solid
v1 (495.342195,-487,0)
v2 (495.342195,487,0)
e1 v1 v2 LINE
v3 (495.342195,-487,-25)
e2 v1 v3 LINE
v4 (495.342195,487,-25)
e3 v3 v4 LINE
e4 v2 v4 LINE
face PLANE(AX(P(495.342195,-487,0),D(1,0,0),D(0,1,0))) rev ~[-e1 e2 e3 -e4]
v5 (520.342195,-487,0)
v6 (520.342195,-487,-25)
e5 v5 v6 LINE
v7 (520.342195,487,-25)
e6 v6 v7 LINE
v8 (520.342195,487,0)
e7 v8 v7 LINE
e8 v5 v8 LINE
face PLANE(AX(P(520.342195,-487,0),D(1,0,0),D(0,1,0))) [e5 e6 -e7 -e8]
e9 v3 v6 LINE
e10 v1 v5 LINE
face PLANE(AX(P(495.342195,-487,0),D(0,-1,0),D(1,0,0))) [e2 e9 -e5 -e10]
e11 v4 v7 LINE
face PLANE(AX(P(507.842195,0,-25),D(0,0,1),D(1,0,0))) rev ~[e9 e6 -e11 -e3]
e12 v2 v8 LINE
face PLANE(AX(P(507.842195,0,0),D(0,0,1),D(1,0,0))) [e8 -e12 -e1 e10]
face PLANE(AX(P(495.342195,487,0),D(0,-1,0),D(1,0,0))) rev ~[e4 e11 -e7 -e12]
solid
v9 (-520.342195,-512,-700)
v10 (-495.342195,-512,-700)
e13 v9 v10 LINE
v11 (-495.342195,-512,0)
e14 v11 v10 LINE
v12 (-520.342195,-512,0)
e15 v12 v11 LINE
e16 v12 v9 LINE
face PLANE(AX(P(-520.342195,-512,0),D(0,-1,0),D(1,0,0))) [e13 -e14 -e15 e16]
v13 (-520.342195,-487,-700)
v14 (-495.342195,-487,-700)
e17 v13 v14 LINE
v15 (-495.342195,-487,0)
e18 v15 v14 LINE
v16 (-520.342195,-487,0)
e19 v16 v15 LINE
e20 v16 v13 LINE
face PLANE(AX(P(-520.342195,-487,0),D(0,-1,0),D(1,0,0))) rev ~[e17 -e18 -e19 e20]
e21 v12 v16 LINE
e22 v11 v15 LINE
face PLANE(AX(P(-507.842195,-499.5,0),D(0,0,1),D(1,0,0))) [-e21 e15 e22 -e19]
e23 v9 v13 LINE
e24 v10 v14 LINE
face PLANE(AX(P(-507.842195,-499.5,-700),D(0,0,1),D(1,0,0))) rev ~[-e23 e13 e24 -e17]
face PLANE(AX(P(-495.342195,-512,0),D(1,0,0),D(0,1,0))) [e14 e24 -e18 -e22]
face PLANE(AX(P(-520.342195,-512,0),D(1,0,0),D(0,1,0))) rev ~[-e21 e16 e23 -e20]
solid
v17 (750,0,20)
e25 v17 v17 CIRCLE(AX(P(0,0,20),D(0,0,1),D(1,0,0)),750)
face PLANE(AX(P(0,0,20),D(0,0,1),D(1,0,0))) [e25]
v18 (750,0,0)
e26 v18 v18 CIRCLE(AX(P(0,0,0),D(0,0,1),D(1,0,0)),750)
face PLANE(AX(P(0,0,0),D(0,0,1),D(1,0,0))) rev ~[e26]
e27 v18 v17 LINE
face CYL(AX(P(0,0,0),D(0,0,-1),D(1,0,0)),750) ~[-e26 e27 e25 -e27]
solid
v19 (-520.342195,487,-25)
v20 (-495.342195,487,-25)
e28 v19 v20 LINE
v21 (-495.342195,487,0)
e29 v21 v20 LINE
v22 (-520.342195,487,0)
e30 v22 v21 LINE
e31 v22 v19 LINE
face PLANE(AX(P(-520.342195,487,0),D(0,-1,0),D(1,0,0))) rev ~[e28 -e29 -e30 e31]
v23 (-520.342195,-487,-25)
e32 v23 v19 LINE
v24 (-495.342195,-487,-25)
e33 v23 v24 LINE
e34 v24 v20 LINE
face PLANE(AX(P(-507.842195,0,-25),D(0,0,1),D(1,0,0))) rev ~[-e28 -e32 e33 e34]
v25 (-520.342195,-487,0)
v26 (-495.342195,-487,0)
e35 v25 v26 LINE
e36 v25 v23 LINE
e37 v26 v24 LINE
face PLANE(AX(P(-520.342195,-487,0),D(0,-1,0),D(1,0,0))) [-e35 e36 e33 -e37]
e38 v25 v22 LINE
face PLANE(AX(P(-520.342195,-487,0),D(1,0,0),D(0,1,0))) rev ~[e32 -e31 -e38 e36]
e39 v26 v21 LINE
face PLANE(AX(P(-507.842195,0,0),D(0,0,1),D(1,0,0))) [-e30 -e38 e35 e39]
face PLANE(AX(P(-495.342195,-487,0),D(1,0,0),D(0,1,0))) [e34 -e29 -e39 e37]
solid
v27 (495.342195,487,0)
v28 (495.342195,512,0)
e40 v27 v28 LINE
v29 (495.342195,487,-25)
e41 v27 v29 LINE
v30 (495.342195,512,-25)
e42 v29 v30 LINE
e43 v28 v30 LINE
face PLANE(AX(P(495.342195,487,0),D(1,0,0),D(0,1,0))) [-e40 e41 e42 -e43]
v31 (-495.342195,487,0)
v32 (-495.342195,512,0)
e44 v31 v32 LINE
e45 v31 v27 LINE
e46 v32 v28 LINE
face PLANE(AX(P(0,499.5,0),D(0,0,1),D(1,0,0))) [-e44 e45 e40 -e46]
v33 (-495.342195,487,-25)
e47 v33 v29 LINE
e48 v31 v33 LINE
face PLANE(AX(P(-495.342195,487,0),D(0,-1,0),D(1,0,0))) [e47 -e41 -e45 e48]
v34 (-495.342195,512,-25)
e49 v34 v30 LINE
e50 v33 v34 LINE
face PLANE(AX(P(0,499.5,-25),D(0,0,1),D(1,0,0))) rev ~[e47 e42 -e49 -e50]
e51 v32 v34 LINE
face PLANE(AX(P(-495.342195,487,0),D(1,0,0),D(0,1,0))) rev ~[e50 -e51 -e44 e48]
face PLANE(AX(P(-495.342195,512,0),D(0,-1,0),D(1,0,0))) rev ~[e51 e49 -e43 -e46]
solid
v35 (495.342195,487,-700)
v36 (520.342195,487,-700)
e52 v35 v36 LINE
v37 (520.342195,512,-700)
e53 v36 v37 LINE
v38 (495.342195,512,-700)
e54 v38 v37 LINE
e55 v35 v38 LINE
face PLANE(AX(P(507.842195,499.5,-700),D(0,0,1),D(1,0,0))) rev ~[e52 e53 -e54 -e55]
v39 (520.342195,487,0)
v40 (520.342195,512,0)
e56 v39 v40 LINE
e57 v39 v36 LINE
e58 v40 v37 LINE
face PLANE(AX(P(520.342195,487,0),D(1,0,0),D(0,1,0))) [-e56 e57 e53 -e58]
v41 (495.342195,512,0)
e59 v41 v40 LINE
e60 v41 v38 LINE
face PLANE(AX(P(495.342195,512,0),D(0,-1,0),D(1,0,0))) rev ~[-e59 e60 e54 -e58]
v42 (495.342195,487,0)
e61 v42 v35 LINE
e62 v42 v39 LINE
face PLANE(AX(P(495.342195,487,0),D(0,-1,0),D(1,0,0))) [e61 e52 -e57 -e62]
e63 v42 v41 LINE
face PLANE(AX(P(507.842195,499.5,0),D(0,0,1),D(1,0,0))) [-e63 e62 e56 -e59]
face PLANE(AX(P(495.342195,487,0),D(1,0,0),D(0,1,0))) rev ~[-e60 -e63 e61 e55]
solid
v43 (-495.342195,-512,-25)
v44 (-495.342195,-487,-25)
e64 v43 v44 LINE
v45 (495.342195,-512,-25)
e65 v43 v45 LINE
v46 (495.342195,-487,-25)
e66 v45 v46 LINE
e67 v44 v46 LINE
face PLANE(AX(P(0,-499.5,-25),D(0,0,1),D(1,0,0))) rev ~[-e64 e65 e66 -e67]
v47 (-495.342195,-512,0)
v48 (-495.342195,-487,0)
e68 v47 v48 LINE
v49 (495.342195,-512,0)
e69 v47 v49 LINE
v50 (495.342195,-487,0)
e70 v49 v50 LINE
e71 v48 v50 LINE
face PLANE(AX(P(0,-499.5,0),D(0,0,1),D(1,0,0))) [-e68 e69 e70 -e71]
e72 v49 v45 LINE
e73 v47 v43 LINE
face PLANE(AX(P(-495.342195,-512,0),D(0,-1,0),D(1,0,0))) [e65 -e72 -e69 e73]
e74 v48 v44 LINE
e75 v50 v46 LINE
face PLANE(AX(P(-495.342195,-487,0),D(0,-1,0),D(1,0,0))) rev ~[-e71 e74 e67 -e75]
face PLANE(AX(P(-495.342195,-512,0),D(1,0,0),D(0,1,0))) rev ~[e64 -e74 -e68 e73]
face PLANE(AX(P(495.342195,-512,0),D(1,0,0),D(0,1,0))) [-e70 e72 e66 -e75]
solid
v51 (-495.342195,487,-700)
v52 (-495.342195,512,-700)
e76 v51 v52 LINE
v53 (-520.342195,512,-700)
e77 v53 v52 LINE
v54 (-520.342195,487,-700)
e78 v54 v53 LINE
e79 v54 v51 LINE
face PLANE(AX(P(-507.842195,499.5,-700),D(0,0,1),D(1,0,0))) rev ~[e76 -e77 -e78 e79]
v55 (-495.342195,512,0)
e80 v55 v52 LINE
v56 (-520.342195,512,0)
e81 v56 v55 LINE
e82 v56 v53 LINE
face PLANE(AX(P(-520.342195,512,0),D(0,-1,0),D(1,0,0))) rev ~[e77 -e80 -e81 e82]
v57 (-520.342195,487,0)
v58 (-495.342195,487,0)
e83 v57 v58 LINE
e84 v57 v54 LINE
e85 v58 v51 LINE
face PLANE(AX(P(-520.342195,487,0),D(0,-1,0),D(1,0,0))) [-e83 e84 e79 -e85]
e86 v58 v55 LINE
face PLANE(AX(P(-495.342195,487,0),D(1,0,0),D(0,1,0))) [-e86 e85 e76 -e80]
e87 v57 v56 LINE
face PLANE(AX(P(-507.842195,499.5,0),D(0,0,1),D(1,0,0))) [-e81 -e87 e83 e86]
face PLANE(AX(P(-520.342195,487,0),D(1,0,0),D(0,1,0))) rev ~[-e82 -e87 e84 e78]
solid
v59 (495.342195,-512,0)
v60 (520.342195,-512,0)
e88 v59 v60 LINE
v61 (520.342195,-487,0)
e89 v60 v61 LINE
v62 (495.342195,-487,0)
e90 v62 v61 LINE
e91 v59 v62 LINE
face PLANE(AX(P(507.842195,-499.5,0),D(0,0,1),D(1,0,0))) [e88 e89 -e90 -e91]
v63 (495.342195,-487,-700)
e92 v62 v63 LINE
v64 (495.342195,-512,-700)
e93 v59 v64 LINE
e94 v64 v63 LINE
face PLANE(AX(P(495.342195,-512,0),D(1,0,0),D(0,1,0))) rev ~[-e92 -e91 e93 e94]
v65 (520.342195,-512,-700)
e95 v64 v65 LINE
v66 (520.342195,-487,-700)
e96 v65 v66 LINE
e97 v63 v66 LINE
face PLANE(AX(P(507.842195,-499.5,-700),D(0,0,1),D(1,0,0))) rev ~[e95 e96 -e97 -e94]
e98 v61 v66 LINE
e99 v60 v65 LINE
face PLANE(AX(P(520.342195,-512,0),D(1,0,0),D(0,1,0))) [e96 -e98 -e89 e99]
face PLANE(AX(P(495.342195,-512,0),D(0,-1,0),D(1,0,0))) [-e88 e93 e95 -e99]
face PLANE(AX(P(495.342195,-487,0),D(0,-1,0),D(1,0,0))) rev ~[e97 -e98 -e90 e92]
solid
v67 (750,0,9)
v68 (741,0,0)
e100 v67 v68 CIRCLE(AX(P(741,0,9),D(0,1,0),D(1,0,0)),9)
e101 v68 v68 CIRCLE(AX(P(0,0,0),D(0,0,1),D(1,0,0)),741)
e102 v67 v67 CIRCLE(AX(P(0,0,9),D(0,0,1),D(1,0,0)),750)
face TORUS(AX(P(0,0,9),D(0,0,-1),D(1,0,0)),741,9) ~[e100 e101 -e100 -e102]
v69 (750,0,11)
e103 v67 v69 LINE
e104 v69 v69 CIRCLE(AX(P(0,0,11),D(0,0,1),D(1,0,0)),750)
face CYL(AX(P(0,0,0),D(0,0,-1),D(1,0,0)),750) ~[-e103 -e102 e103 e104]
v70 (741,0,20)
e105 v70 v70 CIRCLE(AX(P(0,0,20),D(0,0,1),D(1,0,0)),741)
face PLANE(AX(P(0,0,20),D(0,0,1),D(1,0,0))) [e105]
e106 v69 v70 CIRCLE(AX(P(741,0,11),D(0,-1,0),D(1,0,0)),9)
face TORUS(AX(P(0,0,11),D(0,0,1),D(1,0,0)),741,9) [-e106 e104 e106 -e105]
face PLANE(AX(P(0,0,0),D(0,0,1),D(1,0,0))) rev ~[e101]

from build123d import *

# Parameters (mm, degrees)
F0_W     = 25
F0_H     = 25
F1_DEPTH = 700
F0_W_2   = 990.68439
F0_H_2   = 974
F2_DEPTH = 25
F3_R     = 750
F4_DEPTH = 20
F5_R     = 750
F6_DEPTH = 20
F7_R     = 9


with BuildPart() as f1:
    # F0 (on Top) → F1 (new body)
    with BuildSketch(Plane.XY):
        with Locations((-507.842195, -499.5)):
            Rectangle(F0_W, F0_H)
        with Locations((507.842195, -499.5)):
            Rectangle(F0_W, F0_H)
        with Locations((507.842195, 499.5)):
            Rectangle(F0_W, F0_H)
        with Locations((-507.842195, 499.5)):
            Rectangle(F0_W, F0_H)
    extrude(amount=-F1_DEPTH)


with BuildPart() as f2:
    # F0 (on Top) → F2 (new body)
    with BuildSketch(Plane.XY):
        with Locations((0, -499.5)):
            Rectangle(F0_W_2, F0_H)
        with Locations((507.842195, 0)):
            Rectangle(F0_W, F0_H_2)
        with Locations((0, 499.5)):
            Rectangle(F0_W_2, F0_H)
        with Locations((-507.842195, 0)):
            Rectangle(F0_W, F0_H_2)
    extrude(amount=-F2_DEPTH)


with BuildPart() as f4:
    # F3 (on Top) → F4 (new body)
    with BuildSketch(Plane.XY):
        Circle(F3_R)
    extrude(amount=F4_DEPTH)

    # F7
    f7_edges = [f4.edges().sort_by_distance(p)[0] for p in [
        (750, 0, 10),
        (-750, 0, 0),
        (-750, 0, 20),
    ]]
    fillet(f7_edges, radius=F7_R)


with BuildPart() as f6:
    # F5 (on Top) → F6 (new body)
    with BuildSketch(Plane.XY):
        Circle(F5_R)
    extrude(amount=F6_DEPTH)


solid = Compound([f1.part, f2.part, f4.part, f6.part])
